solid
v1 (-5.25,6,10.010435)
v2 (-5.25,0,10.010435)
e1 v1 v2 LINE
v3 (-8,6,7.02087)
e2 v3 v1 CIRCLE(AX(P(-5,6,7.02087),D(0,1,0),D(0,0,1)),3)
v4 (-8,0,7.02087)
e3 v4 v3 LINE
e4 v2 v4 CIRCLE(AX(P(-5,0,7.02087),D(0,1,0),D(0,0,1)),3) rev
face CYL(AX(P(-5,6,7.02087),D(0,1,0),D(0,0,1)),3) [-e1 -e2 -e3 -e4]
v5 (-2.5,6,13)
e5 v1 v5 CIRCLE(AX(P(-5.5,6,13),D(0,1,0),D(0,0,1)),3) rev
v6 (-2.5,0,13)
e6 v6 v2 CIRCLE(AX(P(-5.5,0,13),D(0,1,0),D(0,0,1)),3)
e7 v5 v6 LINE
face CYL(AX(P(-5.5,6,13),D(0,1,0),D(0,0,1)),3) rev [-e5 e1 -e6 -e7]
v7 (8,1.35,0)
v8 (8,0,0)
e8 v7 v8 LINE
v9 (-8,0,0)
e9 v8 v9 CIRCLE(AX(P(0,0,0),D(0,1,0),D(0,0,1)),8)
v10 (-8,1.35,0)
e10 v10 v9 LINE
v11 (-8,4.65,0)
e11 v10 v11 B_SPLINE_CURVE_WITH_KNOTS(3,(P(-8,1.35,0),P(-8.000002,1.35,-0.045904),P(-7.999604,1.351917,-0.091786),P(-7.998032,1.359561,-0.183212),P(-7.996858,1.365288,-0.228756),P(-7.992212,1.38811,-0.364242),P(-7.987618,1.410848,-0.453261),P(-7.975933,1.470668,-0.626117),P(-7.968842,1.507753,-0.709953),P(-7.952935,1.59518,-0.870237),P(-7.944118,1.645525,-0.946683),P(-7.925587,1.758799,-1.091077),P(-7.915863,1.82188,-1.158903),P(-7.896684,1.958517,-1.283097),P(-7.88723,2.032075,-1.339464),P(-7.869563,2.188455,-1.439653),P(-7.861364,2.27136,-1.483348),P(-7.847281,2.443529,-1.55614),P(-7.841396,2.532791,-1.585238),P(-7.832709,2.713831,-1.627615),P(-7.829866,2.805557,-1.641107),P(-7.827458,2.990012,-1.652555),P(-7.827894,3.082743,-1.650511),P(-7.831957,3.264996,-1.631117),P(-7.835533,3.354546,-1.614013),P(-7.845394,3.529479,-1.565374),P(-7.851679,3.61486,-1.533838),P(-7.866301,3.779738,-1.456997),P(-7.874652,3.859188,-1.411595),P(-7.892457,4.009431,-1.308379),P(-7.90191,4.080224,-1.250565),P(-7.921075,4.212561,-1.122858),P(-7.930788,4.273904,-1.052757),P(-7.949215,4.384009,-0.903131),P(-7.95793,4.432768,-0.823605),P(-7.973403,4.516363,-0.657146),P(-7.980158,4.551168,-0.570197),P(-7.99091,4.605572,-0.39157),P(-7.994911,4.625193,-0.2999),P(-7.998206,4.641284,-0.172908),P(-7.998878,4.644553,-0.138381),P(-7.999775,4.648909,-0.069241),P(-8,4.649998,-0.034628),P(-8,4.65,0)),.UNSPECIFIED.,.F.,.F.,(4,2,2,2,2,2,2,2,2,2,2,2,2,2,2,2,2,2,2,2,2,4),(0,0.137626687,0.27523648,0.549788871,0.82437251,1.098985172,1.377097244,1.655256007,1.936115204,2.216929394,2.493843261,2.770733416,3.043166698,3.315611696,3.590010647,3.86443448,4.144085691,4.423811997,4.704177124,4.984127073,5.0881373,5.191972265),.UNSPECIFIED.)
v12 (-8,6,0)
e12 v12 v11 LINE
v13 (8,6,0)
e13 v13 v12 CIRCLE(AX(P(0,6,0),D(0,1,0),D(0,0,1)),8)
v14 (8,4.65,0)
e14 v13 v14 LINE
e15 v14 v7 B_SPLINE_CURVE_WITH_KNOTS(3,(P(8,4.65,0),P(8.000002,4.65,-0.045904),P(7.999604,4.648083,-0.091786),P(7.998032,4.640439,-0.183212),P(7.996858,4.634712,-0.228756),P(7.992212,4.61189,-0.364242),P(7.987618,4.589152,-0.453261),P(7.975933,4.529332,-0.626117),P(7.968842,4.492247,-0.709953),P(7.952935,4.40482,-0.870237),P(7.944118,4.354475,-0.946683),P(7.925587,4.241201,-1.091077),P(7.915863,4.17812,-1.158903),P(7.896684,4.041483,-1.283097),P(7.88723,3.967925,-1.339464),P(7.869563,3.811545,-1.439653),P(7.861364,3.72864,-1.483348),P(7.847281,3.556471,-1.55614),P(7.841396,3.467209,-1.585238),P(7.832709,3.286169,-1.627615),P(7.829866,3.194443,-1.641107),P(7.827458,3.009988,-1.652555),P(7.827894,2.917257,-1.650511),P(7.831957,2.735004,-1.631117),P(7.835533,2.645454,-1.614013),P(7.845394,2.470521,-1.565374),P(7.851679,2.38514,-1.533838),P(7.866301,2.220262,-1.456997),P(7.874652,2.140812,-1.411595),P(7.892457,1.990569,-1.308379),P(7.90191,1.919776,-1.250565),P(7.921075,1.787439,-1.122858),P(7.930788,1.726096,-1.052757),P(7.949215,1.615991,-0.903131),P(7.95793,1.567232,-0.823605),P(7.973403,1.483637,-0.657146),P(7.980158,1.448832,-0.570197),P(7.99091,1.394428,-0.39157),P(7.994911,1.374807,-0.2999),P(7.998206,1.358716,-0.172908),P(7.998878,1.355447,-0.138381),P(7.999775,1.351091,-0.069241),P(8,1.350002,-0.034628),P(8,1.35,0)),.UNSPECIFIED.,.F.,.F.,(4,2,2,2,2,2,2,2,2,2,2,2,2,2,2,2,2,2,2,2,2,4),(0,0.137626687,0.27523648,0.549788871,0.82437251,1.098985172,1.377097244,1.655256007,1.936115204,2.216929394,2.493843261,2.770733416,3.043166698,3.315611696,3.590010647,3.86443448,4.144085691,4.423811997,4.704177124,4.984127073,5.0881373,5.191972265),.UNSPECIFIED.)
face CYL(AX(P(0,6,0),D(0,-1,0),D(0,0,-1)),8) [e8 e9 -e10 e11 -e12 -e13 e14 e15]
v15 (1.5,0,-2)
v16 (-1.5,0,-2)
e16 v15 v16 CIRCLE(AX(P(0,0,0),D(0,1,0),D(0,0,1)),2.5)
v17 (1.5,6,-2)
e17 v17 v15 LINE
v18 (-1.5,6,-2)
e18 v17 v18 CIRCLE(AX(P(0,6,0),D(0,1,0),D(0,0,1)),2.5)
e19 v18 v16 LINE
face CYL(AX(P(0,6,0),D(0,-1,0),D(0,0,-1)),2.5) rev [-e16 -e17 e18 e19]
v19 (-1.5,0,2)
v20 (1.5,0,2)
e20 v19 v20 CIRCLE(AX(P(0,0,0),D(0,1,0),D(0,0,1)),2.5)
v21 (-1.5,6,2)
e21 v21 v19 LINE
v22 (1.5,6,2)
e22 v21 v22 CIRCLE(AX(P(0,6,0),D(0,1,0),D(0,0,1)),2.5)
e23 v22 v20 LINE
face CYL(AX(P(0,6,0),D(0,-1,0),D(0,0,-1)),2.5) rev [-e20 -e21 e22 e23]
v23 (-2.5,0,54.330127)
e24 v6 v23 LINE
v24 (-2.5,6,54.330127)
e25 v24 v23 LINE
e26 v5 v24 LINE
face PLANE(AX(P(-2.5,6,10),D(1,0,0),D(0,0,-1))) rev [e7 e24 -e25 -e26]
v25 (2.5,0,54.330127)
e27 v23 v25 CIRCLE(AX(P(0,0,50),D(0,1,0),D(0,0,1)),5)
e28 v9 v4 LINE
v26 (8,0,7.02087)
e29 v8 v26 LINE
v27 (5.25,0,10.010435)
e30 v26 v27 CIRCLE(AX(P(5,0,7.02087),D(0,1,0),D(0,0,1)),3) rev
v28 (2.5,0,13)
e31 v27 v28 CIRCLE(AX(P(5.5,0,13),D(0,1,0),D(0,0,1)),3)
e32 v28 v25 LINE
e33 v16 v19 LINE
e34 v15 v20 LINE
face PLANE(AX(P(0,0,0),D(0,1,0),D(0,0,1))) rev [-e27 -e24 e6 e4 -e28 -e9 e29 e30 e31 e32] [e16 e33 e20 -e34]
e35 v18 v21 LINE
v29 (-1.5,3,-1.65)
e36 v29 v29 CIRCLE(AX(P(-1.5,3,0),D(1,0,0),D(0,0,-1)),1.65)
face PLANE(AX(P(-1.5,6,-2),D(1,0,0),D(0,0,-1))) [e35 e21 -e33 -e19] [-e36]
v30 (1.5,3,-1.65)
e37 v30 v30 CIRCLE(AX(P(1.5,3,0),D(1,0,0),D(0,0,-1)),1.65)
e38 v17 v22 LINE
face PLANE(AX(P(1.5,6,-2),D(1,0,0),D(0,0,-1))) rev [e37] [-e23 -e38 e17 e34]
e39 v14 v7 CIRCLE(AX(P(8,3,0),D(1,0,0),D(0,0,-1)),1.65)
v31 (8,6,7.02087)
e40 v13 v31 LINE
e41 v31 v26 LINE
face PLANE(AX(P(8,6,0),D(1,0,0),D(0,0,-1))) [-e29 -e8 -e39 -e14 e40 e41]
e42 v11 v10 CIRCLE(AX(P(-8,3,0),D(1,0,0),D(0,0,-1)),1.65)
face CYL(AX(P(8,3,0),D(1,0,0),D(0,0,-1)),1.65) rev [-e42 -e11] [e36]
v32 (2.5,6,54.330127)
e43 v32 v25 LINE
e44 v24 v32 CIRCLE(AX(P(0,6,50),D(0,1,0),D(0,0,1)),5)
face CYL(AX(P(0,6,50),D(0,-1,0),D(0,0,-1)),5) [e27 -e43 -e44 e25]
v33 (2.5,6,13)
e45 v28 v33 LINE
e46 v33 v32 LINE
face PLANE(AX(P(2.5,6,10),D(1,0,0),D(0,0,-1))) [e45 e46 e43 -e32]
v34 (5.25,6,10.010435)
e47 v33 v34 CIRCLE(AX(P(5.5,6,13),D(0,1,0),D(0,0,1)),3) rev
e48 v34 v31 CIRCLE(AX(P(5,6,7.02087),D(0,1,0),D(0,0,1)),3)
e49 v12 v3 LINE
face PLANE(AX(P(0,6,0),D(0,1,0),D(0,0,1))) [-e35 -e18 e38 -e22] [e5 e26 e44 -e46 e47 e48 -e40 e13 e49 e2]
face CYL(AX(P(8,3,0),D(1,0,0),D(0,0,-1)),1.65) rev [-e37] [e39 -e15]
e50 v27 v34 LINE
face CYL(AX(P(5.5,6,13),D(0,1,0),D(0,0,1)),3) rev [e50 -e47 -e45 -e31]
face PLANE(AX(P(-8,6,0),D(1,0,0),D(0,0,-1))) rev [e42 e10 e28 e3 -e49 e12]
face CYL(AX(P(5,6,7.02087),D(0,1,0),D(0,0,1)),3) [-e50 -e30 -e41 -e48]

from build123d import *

# Parameters (mm, degrees)
BOSS_EXTRU_1_DEPTH                        = 6
TROU_POUR_TARAUDAGE_POUR_TROU_TARAUD_M4_D = 3.3
CONG_1_R                                  = 3
CONG_2_R                                  = 3
CONG_3_R                                  = 3


with BuildPart() as part:
    # Esquisse1 → Boss.-Extru.1 (new body)
    with BuildSketch(Plane(origin=(0, 0, 0), x_dir=(1, 0, 0), z_dir=(0, 1, 0))):
        with BuildLine():
            Line((8, 0), (8, -10))
            Line((8, -10), (2.5, -10))
            Line((2.5, -10), (2.5, -54.330127019))
            ThreePointArc((2.5, -54.330127019), (0, -55), (-2.5, -54.330127019))
            Line((-2.5, -54.330127019), (-2.5, -10))
            Line((-2.5, -10), (-8, -10))
            Line((-8, -10), (-8, 0))
            ThreePointArc((-8, 0), (0, 8), (8, 0))
        make_face()
        with BuildLine():
            Line((1.5, 2), (1.5, -2))
            ThreePointArc((1.5, -2), (0, -2.5), (-1.5, -2))
            Line((-1.5, -2), (-1.5, 2))
            ThreePointArc((-1.5, 2), (0, 2.5), (1.5, 2))
        make_face(mode=Mode.SUBTRACT)
    extrude(amount=BOSS_EXTRU_1_DEPTH)

    # Trou pour taraudage pour trou taraudé M41 (through all)
    with Locations(Plane(origin=(8, 0, 0), x_dir=(0, 0, -1), z_dir=(1, 0, 0))):
        with Locations((0, 3)):
            Hole(TROU_POUR_TARAUDAGE_POUR_TROU_TARAUD_M4_D / 2)

    # Congé1
    cong_1_edges = [part.edges().sort_by_distance(p)[0] for p in [
        (-2.5, 3, 10),
    ]]
    fillet(cong_1_edges, radius=CONG_1_R)

    # Congé2
    cong_2_edges = [part.edges().sort_by_distance(p)[0] for p in [
        (-8, 3, 10),
        (2.5, 3, 10),
    ]]
    fillet(cong_2_edges, radius=CONG_2_R)

    # Congé3
    cong_3_edges = [part.edges().sort_by_distance(p)[0] for p in [
        (8, 3, 10),
    ]]
    fillet(cong_3_edges, radius=CONG_3_R)


solid = part.part
